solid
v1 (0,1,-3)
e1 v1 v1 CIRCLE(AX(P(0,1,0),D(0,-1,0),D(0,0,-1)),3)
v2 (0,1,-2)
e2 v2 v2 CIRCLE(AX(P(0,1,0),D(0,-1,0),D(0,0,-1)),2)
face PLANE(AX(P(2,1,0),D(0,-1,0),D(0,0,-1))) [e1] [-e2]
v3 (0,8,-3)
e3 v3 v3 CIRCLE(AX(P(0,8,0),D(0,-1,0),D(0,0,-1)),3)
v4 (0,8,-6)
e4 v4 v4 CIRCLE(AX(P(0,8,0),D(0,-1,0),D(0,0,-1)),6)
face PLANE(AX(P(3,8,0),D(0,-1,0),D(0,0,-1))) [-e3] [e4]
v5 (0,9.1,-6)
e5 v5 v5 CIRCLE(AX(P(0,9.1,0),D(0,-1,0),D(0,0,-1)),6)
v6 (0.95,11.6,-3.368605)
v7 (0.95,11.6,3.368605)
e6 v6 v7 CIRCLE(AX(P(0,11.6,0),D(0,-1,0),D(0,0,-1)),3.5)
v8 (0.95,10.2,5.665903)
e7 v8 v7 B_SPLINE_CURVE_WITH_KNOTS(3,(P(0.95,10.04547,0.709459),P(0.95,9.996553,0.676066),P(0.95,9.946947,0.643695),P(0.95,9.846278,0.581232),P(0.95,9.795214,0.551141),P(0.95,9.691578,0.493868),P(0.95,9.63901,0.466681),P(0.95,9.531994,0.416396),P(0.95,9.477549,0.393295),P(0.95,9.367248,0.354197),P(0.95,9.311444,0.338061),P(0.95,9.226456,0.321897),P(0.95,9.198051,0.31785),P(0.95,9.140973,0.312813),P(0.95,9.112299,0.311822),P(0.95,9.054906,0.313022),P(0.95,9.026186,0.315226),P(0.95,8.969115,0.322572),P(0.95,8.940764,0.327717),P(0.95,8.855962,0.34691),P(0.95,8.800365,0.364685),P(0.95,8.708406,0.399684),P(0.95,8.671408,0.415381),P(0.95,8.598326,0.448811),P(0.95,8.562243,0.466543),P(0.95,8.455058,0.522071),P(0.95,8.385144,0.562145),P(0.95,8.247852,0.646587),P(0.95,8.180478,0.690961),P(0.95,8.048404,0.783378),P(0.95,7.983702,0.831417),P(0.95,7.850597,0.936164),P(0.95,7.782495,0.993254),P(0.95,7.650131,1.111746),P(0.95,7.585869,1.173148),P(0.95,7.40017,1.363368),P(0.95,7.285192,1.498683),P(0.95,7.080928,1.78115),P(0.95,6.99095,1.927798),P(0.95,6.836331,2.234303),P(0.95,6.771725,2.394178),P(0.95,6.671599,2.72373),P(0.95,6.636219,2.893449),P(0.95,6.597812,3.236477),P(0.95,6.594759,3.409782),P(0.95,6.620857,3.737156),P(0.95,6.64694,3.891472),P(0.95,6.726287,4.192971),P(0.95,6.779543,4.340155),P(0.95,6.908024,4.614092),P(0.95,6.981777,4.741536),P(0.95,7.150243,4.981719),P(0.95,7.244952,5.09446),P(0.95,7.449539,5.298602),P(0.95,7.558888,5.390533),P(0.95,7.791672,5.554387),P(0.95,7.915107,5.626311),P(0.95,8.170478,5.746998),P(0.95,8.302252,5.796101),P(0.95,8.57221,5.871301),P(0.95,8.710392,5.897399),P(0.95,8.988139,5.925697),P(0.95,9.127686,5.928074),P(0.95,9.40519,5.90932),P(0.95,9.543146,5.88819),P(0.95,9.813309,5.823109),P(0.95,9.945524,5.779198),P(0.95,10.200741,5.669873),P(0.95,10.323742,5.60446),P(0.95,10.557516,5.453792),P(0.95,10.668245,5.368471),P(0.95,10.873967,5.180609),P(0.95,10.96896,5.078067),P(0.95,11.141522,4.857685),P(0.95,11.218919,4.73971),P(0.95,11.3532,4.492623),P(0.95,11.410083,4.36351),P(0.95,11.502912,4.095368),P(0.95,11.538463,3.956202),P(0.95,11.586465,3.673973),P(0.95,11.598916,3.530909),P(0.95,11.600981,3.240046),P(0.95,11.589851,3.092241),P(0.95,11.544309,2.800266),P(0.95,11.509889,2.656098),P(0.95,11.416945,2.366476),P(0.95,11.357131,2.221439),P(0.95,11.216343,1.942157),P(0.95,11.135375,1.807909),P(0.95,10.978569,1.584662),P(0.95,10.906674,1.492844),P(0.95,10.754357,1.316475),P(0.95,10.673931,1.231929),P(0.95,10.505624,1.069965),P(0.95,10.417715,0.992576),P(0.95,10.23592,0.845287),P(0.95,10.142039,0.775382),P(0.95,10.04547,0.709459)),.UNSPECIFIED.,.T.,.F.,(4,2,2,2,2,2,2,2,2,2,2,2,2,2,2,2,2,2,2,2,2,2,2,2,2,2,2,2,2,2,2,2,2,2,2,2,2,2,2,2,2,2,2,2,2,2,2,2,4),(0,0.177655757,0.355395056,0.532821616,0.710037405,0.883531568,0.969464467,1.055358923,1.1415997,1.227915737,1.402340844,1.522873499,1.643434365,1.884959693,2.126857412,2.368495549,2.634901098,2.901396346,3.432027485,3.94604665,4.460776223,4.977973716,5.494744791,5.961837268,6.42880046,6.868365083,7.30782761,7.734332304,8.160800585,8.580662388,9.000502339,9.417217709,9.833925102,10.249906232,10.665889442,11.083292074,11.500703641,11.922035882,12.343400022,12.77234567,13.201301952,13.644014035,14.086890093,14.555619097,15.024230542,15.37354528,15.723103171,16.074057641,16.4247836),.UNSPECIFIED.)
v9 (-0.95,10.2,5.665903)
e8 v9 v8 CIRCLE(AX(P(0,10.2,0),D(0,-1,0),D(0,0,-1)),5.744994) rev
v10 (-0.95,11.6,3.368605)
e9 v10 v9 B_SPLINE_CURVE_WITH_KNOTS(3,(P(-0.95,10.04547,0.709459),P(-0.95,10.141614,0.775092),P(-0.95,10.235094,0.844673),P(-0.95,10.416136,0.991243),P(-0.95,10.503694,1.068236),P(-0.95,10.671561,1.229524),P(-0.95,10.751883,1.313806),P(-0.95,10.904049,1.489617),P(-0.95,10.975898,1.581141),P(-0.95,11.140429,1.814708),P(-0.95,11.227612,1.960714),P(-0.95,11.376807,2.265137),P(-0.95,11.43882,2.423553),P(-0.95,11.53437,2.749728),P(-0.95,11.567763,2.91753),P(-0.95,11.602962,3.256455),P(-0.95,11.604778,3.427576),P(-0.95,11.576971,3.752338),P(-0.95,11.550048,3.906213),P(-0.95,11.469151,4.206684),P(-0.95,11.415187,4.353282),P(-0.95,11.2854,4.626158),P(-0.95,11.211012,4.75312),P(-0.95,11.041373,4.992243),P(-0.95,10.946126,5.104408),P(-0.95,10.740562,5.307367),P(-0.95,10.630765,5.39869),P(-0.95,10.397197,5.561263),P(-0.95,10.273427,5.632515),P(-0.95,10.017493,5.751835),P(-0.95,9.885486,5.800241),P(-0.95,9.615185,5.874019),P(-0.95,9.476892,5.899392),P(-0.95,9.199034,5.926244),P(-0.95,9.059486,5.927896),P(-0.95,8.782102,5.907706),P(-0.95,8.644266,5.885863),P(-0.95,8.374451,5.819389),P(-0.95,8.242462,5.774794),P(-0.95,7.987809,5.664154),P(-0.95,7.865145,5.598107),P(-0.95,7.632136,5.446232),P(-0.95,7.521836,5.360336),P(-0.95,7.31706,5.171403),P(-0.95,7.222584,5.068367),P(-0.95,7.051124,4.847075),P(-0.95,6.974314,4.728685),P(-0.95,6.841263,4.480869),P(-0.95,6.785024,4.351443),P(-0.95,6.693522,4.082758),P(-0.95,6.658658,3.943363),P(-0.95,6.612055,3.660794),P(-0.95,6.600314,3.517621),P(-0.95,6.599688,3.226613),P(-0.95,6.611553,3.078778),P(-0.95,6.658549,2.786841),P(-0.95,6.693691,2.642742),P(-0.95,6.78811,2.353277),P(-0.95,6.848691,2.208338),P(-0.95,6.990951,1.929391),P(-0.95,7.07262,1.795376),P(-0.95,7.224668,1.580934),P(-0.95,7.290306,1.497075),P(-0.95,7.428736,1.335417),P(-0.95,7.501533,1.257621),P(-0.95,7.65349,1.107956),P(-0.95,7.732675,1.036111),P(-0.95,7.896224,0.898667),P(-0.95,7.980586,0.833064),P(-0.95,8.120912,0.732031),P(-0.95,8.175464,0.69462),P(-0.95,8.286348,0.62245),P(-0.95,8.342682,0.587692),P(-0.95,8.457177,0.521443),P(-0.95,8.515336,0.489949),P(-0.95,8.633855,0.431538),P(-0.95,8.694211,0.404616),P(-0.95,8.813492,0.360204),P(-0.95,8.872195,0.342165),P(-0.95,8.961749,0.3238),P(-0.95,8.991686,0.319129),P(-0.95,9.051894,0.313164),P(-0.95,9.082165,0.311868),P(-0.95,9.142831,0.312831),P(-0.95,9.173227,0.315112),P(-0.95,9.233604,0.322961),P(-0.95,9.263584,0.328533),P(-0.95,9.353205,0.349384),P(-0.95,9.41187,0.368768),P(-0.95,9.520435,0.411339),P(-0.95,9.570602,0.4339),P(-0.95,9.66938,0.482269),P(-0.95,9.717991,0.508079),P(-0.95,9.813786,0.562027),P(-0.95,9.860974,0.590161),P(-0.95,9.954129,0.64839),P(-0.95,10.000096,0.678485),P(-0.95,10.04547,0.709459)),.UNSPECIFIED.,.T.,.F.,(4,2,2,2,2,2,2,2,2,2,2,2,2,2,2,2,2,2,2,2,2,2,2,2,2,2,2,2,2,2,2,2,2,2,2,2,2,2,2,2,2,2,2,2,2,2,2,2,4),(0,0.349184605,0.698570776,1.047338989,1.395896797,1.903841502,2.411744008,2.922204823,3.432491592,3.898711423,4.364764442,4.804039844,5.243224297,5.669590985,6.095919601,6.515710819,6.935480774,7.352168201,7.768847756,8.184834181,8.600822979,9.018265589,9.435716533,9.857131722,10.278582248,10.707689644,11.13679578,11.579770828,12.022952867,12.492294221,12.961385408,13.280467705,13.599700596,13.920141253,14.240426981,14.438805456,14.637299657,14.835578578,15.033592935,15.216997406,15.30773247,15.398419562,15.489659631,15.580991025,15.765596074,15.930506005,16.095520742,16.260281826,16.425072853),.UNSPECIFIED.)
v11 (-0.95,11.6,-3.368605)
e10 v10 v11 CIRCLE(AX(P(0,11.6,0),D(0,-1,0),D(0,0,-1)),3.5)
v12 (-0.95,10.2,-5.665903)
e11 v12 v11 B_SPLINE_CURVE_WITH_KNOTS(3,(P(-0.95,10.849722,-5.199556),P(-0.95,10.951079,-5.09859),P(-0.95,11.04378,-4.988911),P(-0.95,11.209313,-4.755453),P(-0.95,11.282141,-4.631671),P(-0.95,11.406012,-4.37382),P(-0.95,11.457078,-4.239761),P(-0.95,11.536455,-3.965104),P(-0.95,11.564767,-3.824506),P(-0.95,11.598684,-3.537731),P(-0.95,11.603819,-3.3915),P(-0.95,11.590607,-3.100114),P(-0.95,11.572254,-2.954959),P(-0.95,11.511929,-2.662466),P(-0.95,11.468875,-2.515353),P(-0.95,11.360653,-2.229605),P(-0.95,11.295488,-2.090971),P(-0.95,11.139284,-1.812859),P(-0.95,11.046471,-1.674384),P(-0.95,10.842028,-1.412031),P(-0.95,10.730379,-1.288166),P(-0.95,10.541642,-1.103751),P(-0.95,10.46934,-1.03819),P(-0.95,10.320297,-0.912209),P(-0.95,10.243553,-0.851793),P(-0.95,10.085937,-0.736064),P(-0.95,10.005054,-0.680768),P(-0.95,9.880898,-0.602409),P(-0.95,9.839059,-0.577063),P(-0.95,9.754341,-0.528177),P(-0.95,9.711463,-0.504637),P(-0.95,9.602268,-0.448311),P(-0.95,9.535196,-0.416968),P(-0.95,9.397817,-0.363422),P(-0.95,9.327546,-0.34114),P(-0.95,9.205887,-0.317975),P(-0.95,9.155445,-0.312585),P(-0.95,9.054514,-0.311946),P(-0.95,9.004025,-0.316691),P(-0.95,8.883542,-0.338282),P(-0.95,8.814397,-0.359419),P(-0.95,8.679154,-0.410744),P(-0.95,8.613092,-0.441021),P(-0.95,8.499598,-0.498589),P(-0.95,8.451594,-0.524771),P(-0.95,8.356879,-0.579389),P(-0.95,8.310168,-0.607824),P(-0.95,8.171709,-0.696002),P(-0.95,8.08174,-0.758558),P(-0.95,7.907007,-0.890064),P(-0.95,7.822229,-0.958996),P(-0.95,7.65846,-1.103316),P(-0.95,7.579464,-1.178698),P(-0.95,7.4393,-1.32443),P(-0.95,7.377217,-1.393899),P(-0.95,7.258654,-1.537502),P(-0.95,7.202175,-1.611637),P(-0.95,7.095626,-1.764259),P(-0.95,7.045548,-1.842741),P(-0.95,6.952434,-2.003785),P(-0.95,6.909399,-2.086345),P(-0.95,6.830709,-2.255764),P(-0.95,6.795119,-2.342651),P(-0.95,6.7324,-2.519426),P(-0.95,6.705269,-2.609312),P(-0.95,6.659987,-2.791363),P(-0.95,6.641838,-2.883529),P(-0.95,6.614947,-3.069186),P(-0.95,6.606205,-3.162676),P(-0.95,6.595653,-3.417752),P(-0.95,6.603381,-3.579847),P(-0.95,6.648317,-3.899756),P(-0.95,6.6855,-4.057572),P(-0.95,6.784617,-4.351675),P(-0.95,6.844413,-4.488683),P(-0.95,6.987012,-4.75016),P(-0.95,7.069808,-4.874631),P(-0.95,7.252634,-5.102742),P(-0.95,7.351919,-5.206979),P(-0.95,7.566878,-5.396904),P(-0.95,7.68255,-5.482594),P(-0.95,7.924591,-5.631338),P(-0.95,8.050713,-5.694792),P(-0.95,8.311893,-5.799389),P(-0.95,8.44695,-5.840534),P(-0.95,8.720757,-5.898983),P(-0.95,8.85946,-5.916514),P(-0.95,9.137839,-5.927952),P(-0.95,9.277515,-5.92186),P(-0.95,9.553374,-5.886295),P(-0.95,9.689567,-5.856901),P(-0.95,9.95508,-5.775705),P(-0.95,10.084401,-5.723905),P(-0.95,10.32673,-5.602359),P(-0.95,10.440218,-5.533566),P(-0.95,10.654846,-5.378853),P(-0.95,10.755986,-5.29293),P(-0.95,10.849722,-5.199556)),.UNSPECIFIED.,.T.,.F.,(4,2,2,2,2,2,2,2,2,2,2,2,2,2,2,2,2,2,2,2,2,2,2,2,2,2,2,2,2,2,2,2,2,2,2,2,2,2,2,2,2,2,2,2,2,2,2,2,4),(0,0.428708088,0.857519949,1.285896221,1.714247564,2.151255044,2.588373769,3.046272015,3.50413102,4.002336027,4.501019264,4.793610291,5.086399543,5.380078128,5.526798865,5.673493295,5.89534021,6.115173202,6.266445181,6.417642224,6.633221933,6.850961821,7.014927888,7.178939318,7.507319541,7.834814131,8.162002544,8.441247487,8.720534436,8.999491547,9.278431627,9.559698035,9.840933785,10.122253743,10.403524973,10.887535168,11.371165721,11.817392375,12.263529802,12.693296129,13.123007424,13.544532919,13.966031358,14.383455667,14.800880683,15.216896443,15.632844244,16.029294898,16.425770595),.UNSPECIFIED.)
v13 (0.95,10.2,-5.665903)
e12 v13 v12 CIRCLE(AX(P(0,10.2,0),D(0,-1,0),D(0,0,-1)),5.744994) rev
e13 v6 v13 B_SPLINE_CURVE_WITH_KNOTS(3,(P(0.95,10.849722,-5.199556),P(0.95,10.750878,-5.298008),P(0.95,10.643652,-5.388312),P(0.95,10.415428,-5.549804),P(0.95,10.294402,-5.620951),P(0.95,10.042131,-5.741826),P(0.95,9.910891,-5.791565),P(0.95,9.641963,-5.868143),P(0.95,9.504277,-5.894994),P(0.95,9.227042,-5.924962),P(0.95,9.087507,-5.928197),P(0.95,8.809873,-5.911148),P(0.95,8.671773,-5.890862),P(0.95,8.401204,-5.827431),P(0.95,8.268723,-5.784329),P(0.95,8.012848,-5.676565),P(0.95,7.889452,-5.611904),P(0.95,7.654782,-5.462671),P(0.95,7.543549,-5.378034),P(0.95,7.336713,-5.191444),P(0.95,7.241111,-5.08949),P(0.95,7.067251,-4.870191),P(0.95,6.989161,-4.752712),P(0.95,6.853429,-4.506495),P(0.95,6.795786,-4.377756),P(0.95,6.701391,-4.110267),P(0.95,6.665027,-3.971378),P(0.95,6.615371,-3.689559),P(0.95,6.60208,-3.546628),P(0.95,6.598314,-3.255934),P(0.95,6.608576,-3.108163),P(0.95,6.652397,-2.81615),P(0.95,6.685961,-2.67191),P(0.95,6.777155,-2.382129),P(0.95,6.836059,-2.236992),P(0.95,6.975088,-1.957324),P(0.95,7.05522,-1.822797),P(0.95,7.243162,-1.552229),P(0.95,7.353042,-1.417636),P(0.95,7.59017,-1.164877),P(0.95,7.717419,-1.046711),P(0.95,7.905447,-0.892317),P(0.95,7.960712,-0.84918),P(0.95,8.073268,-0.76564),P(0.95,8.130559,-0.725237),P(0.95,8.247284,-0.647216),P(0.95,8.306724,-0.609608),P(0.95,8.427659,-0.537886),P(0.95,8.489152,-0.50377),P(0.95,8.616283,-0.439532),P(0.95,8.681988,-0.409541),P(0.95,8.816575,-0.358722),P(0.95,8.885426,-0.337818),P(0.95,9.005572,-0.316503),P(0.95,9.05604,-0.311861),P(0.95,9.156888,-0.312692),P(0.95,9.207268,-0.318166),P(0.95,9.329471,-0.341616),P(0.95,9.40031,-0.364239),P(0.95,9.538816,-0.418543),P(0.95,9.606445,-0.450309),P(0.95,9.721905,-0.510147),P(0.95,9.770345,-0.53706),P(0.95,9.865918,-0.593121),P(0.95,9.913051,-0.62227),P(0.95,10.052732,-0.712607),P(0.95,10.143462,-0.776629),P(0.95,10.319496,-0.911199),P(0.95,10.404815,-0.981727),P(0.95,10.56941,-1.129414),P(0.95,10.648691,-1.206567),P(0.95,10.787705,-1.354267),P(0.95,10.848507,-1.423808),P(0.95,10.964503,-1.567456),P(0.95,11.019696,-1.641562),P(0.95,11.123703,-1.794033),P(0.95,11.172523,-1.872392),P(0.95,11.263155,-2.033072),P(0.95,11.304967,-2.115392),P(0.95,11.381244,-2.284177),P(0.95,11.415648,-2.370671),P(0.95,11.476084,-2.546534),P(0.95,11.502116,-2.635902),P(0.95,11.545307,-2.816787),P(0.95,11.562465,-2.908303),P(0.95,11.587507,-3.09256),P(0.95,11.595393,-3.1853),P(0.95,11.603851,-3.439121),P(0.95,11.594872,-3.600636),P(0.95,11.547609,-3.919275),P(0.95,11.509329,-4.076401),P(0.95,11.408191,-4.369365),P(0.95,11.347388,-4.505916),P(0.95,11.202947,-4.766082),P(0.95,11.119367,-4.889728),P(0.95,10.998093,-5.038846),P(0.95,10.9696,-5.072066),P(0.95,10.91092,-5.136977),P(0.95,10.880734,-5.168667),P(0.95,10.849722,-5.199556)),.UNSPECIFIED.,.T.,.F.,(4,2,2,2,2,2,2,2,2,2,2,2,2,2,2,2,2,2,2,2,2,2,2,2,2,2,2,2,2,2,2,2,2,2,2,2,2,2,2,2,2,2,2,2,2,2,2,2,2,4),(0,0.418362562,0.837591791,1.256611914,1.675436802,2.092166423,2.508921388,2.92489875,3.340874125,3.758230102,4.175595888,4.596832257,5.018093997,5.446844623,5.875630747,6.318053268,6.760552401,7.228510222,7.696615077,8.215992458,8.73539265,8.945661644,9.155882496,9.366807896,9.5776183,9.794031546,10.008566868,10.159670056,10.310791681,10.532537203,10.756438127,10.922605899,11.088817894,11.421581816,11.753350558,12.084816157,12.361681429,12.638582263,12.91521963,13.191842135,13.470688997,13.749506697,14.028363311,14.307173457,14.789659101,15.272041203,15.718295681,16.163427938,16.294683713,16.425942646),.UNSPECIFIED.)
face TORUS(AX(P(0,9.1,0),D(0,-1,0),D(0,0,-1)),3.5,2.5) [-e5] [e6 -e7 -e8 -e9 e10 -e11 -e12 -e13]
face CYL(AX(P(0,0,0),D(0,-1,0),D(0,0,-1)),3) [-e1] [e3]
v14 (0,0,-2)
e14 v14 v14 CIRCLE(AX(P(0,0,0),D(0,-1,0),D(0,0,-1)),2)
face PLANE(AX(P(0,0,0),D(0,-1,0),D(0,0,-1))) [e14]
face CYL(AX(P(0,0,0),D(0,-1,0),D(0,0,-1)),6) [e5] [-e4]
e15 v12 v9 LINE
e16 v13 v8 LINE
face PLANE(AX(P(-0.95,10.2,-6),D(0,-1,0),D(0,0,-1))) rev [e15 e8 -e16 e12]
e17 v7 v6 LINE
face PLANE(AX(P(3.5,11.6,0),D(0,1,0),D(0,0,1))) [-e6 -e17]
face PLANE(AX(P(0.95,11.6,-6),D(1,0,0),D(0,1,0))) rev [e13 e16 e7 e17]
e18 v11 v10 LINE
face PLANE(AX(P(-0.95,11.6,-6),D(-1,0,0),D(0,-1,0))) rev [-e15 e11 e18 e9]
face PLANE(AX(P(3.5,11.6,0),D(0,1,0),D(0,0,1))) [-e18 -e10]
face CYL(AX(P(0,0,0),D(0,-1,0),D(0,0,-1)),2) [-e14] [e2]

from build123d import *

# Parameters (mm, degrees)
SKETCH2_W               = 1.9
SKETCH2_H               = 1.4
CUT_EXTRUDE1_DEPTH      = 7
CUT_EXTRUDE1_DEPTH_BACK = 7


with BuildPart() as part:
    # Sketch1 → Revolve1 (revolve)
    with BuildSketch(Plane.XY):
        with BuildLine():
            Line((0, 0), (2, 0))
            Line((2, 0), (2, 1))
            Line((2, 1), (3, 1))
            Line((3, 1), (3, 8))
            Line((3, 8), (6, 8))
            Line((6, 8), (6, 9.1))
            ThreePointArc((6, 9.1), (5.267766953, 10.867766953), (3.5, 11.6))
            Line((3.5, 11.6), (0, 11.6))
            Line((0, 11.6), (0, 0))
        make_face()
    revolve(axis=Axis((0, 0, 0), (0, 1, 0)))

    # Sketch2 → Cut-Extrude1 (cut, two sides)
    with BuildSketch(Plane.XY) as cut_extrude1_sk:
        with Locations((0, 10.9)):
            Rectangle(SKETCH2_W, SKETCH2_H)
    extrude(amount=CUT_EXTRUDE1_DEPTH, mode=Mode.SUBTRACT)
    extrude(cut_extrude1_sk.sketch, amount=-CUT_EXTRUDE1_DEPTH_BACK, mode=Mode.SUBTRACT)


solid = part.part
